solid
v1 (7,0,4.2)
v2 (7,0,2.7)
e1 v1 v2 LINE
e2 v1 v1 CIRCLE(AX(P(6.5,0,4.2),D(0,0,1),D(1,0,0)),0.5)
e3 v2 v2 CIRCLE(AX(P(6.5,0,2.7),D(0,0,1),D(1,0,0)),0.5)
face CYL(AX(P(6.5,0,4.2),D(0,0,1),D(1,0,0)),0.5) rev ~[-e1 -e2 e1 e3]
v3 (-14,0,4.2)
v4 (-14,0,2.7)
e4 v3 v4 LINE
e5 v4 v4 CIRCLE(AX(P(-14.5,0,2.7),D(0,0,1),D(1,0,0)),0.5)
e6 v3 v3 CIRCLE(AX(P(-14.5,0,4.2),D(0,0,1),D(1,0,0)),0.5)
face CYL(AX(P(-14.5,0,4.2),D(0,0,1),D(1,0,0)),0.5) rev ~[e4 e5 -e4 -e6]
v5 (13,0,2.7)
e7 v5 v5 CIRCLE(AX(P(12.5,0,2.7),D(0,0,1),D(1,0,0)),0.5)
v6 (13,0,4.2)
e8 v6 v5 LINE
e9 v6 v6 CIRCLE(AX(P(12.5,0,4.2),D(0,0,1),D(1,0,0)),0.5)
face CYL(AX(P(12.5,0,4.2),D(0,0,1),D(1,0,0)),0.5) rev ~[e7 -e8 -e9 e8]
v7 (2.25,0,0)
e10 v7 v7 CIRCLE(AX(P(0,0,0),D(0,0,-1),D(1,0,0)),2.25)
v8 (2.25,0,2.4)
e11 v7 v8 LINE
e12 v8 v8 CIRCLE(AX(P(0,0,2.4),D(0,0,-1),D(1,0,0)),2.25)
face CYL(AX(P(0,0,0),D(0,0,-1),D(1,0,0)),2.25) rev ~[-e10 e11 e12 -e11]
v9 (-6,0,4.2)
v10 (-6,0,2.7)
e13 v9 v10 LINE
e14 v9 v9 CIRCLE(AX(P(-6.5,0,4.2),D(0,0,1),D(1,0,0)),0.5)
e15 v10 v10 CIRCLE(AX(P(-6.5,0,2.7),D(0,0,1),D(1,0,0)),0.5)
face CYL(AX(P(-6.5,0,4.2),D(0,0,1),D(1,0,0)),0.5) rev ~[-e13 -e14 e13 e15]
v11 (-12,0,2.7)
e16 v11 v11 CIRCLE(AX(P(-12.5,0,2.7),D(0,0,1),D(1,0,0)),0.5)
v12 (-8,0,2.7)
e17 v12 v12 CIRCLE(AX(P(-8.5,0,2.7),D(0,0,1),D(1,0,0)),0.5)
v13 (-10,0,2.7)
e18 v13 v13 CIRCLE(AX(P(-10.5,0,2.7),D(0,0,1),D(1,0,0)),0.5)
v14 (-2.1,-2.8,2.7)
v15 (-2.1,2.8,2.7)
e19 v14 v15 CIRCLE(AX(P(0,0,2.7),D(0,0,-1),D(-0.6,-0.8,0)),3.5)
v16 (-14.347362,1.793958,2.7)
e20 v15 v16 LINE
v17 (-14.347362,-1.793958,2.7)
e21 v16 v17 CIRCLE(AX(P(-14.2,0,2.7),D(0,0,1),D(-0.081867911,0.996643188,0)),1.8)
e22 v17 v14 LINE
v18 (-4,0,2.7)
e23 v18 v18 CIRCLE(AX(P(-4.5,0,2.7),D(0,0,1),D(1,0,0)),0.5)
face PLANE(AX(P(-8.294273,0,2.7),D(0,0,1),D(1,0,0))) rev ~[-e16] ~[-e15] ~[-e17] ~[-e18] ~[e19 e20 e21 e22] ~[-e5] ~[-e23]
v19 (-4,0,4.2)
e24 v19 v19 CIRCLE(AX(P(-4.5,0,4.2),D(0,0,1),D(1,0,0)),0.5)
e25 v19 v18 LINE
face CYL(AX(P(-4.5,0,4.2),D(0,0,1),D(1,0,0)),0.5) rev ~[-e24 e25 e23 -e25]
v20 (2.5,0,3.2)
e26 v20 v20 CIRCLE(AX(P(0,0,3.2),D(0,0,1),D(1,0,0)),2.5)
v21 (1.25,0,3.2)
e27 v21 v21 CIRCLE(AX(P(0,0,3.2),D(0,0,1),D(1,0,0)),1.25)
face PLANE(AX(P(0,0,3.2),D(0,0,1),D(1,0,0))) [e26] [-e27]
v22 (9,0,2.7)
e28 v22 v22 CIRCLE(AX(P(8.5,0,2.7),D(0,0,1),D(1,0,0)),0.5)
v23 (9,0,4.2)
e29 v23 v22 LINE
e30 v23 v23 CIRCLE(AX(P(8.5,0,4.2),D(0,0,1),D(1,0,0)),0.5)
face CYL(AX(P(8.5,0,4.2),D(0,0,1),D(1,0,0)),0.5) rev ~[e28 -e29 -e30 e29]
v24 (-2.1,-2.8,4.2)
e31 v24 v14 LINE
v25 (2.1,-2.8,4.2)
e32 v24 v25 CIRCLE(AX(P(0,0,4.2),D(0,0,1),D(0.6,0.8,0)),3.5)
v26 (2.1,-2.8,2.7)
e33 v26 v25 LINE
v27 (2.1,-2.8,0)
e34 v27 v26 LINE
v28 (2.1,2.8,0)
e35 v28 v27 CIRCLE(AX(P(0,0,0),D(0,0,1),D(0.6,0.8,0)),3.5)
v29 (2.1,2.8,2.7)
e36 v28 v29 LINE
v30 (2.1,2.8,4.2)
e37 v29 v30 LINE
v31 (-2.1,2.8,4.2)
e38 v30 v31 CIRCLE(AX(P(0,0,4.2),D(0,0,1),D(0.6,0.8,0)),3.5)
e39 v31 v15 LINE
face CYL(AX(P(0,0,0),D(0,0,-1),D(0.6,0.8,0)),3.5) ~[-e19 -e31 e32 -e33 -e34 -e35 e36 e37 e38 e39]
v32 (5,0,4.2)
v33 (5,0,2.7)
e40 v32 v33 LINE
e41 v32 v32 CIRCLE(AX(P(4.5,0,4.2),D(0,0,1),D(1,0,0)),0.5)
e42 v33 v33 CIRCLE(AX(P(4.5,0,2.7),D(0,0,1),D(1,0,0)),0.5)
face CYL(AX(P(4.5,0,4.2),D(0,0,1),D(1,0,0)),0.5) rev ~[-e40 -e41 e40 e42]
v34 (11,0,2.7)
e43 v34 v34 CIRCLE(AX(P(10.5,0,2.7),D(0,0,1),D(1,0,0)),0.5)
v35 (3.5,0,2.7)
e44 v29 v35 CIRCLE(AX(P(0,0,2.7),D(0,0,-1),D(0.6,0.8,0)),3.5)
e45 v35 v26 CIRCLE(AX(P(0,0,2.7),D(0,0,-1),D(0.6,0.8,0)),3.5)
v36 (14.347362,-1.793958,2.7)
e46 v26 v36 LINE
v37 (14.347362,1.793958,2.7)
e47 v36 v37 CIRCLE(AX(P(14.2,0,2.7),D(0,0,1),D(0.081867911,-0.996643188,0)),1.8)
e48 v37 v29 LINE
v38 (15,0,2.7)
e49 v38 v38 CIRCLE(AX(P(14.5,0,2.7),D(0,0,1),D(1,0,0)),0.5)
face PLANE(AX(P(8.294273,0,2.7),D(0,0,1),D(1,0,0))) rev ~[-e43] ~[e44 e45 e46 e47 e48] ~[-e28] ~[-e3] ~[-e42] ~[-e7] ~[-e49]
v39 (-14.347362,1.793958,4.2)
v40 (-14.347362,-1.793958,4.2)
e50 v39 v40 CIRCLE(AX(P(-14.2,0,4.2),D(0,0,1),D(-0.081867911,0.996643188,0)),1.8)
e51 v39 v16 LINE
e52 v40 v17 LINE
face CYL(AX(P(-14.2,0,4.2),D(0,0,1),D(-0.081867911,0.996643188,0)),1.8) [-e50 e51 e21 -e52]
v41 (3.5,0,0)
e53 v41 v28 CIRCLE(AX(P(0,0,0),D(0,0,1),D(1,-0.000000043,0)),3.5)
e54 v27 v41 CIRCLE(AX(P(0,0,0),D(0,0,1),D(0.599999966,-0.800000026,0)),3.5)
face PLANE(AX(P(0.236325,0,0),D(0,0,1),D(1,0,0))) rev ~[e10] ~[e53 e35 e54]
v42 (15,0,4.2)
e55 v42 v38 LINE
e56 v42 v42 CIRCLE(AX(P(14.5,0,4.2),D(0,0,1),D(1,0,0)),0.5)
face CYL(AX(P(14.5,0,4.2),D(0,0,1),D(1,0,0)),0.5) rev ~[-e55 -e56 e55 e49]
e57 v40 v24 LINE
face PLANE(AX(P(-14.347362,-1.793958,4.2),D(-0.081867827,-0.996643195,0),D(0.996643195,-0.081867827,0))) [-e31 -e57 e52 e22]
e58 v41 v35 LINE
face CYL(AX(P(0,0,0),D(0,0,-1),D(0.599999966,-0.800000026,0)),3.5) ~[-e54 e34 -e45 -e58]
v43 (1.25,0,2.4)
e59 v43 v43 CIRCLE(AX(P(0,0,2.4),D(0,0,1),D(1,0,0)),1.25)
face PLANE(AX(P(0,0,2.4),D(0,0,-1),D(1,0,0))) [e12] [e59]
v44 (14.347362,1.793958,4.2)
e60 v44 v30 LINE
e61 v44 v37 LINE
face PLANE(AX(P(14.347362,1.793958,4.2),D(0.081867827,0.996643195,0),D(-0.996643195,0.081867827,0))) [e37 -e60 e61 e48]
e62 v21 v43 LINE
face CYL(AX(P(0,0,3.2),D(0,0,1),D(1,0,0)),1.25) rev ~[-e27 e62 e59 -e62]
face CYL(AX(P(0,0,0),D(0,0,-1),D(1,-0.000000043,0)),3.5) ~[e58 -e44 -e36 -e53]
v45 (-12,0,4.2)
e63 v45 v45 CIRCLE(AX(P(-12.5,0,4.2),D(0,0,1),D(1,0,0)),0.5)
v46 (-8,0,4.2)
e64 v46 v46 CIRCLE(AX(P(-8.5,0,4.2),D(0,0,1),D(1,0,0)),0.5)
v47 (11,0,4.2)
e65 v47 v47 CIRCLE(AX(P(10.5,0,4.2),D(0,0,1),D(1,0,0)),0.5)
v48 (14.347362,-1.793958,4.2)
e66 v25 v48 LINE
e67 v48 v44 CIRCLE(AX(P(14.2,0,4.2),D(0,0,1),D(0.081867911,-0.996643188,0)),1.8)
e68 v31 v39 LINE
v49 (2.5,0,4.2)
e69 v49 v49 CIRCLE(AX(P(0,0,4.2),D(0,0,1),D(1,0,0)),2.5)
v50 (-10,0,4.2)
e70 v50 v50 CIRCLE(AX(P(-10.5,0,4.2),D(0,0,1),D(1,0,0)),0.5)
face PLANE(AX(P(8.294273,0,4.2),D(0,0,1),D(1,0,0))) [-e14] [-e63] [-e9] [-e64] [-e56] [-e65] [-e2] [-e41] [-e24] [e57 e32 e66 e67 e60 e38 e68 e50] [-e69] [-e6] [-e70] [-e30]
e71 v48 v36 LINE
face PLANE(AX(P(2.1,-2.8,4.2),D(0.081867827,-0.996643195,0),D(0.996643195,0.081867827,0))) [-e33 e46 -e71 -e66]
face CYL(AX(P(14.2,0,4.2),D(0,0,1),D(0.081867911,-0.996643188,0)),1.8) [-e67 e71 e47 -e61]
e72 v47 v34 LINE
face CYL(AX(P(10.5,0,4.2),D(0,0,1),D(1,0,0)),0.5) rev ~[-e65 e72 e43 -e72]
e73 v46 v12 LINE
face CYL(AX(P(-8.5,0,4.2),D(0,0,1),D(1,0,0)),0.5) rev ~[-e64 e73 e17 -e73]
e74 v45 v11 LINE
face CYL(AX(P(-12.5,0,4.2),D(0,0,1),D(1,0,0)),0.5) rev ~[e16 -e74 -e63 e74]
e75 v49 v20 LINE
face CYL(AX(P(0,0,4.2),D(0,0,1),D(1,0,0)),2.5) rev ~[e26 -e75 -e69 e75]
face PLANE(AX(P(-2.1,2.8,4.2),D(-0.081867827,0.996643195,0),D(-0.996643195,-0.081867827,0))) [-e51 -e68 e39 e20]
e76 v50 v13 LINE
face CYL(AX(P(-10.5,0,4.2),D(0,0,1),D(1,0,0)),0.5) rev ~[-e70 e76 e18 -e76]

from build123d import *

# Parameters (mm, degrees)
F1_DEPTH = 4.2
F2_R     = 0.5
F3_DEPTH = 1.5
F4_R     = 2.5
F5_DEPTH = 1
F6_R     = 2.25
F7_DEPTH = 2.4
F8_R     = 1.25
F9_DEPTH = 25


with BuildPart() as f1:
    # F0 (on Top) → F1 (new body)
    with BuildSketch(Plane.XY):
        with BuildLine():
            ThreePointArc((2.1, -2.8), (3.130495, -1.565248), (3.5, 0))
            ThreePointArc((3.5, 0), (3.130495, 1.565248), (2.1, 2.8))
            ThreePointArc((2.1, 2.8), (0, 3.5), (-2.1, 2.8))
            ThreePointArc((-2.1, 2.8), (-3.5, 0), (-2.1, -2.8))
            ThreePointArc((-2.1, -2.8), (0, -3.5), (2.1, -2.8))
        make_face()
    extrude(amount=F1_DEPTH)

    # F2 (on face) → F3 (join)
    with BuildSketch(Plane.XY.offset(4.2)):
        with BuildLine():
            Line((-2.1, 2.8), (-14.347362, 1.793958))
            ThreePointArc((-14.347362, 1.793958), (-16, 0), (-14.347362, -1.793958))
            Line((-14.347362, -1.793958), (-2.1, -2.8))
            ThreePointArc((-2.1, -2.8), (-3.5, 0), (-2.1, 2.8))
        make_face()
        with Locations((-14.5, 0)):
            Circle(F2_R, mode=Mode.SUBTRACT)
        with Locations((-12.5, 0)):
            Circle(F2_R, mode=Mode.SUBTRACT)
        with Locations((-10.5, 0)):
            Circle(F2_R, mode=Mode.SUBTRACT)
        with Locations((-8.5, 0)):
            Circle(F2_R, mode=Mode.SUBTRACT)
        with Locations((-6.5, 0)):
            Circle(F2_R, mode=Mode.SUBTRACT)
        with Locations((-4.5, 0)):
            Circle(F2_R, mode=Mode.SUBTRACT)
        with BuildLine():
            Line((2.1, -2.8), (14.347362, -1.793958))
            ThreePointArc((14.347362, -1.793958), (16, 0), (14.347362, 1.793958))
            Line((14.347362, 1.793958), (2.1, 2.8))
            ThreePointArc((2.1, 2.8), (3.5, 0), (2.1, -2.8))
        make_face()
        with Locations((4.5, 0)):
            Circle(F2_R, mode=Mode.SUBTRACT)
        with Locations((6.5, 0)):
            Circle(F2_R, mode=Mode.SUBTRACT)
        with Locations((8.5, 0)):
            Circle(F2_R, mode=Mode.SUBTRACT)
        with Locations((10.5, 0)):
            Circle(F2_R, mode=Mode.SUBTRACT)
        with Locations((12.5, 0)):
            Circle(F2_R, mode=Mode.SUBTRACT)
        with Locations((14.5, 0)):
            Circle(F2_R, mode=Mode.SUBTRACT)
    extrude(amount=-F3_DEPTH)

    # F4 (on face) → F5 (cut)
    with BuildSketch(Plane.XY.offset(4.2)):
        Circle(F4_R)
    extrude(amount=-F5_DEPTH, mode=Mode.SUBTRACT)

    # F6 (on face) → F7 (cut)
    with BuildSketch(Plane(origin=(0, 0, 0), x_dir=(1, 0, 0), z_dir=(0, 0, -1))):
        Circle(F6_R)
    extrude(amount=-F7_DEPTH, mode=Mode.SUBTRACT)

    # F8 (on face) → F9 (cut)
    with BuildSketch(Plane.XY.offset(3.2)):
        Circle(F8_R)
    extrude(amount=-F9_DEPTH, mode=Mode.SUBTRACT)


solid = f1.part
